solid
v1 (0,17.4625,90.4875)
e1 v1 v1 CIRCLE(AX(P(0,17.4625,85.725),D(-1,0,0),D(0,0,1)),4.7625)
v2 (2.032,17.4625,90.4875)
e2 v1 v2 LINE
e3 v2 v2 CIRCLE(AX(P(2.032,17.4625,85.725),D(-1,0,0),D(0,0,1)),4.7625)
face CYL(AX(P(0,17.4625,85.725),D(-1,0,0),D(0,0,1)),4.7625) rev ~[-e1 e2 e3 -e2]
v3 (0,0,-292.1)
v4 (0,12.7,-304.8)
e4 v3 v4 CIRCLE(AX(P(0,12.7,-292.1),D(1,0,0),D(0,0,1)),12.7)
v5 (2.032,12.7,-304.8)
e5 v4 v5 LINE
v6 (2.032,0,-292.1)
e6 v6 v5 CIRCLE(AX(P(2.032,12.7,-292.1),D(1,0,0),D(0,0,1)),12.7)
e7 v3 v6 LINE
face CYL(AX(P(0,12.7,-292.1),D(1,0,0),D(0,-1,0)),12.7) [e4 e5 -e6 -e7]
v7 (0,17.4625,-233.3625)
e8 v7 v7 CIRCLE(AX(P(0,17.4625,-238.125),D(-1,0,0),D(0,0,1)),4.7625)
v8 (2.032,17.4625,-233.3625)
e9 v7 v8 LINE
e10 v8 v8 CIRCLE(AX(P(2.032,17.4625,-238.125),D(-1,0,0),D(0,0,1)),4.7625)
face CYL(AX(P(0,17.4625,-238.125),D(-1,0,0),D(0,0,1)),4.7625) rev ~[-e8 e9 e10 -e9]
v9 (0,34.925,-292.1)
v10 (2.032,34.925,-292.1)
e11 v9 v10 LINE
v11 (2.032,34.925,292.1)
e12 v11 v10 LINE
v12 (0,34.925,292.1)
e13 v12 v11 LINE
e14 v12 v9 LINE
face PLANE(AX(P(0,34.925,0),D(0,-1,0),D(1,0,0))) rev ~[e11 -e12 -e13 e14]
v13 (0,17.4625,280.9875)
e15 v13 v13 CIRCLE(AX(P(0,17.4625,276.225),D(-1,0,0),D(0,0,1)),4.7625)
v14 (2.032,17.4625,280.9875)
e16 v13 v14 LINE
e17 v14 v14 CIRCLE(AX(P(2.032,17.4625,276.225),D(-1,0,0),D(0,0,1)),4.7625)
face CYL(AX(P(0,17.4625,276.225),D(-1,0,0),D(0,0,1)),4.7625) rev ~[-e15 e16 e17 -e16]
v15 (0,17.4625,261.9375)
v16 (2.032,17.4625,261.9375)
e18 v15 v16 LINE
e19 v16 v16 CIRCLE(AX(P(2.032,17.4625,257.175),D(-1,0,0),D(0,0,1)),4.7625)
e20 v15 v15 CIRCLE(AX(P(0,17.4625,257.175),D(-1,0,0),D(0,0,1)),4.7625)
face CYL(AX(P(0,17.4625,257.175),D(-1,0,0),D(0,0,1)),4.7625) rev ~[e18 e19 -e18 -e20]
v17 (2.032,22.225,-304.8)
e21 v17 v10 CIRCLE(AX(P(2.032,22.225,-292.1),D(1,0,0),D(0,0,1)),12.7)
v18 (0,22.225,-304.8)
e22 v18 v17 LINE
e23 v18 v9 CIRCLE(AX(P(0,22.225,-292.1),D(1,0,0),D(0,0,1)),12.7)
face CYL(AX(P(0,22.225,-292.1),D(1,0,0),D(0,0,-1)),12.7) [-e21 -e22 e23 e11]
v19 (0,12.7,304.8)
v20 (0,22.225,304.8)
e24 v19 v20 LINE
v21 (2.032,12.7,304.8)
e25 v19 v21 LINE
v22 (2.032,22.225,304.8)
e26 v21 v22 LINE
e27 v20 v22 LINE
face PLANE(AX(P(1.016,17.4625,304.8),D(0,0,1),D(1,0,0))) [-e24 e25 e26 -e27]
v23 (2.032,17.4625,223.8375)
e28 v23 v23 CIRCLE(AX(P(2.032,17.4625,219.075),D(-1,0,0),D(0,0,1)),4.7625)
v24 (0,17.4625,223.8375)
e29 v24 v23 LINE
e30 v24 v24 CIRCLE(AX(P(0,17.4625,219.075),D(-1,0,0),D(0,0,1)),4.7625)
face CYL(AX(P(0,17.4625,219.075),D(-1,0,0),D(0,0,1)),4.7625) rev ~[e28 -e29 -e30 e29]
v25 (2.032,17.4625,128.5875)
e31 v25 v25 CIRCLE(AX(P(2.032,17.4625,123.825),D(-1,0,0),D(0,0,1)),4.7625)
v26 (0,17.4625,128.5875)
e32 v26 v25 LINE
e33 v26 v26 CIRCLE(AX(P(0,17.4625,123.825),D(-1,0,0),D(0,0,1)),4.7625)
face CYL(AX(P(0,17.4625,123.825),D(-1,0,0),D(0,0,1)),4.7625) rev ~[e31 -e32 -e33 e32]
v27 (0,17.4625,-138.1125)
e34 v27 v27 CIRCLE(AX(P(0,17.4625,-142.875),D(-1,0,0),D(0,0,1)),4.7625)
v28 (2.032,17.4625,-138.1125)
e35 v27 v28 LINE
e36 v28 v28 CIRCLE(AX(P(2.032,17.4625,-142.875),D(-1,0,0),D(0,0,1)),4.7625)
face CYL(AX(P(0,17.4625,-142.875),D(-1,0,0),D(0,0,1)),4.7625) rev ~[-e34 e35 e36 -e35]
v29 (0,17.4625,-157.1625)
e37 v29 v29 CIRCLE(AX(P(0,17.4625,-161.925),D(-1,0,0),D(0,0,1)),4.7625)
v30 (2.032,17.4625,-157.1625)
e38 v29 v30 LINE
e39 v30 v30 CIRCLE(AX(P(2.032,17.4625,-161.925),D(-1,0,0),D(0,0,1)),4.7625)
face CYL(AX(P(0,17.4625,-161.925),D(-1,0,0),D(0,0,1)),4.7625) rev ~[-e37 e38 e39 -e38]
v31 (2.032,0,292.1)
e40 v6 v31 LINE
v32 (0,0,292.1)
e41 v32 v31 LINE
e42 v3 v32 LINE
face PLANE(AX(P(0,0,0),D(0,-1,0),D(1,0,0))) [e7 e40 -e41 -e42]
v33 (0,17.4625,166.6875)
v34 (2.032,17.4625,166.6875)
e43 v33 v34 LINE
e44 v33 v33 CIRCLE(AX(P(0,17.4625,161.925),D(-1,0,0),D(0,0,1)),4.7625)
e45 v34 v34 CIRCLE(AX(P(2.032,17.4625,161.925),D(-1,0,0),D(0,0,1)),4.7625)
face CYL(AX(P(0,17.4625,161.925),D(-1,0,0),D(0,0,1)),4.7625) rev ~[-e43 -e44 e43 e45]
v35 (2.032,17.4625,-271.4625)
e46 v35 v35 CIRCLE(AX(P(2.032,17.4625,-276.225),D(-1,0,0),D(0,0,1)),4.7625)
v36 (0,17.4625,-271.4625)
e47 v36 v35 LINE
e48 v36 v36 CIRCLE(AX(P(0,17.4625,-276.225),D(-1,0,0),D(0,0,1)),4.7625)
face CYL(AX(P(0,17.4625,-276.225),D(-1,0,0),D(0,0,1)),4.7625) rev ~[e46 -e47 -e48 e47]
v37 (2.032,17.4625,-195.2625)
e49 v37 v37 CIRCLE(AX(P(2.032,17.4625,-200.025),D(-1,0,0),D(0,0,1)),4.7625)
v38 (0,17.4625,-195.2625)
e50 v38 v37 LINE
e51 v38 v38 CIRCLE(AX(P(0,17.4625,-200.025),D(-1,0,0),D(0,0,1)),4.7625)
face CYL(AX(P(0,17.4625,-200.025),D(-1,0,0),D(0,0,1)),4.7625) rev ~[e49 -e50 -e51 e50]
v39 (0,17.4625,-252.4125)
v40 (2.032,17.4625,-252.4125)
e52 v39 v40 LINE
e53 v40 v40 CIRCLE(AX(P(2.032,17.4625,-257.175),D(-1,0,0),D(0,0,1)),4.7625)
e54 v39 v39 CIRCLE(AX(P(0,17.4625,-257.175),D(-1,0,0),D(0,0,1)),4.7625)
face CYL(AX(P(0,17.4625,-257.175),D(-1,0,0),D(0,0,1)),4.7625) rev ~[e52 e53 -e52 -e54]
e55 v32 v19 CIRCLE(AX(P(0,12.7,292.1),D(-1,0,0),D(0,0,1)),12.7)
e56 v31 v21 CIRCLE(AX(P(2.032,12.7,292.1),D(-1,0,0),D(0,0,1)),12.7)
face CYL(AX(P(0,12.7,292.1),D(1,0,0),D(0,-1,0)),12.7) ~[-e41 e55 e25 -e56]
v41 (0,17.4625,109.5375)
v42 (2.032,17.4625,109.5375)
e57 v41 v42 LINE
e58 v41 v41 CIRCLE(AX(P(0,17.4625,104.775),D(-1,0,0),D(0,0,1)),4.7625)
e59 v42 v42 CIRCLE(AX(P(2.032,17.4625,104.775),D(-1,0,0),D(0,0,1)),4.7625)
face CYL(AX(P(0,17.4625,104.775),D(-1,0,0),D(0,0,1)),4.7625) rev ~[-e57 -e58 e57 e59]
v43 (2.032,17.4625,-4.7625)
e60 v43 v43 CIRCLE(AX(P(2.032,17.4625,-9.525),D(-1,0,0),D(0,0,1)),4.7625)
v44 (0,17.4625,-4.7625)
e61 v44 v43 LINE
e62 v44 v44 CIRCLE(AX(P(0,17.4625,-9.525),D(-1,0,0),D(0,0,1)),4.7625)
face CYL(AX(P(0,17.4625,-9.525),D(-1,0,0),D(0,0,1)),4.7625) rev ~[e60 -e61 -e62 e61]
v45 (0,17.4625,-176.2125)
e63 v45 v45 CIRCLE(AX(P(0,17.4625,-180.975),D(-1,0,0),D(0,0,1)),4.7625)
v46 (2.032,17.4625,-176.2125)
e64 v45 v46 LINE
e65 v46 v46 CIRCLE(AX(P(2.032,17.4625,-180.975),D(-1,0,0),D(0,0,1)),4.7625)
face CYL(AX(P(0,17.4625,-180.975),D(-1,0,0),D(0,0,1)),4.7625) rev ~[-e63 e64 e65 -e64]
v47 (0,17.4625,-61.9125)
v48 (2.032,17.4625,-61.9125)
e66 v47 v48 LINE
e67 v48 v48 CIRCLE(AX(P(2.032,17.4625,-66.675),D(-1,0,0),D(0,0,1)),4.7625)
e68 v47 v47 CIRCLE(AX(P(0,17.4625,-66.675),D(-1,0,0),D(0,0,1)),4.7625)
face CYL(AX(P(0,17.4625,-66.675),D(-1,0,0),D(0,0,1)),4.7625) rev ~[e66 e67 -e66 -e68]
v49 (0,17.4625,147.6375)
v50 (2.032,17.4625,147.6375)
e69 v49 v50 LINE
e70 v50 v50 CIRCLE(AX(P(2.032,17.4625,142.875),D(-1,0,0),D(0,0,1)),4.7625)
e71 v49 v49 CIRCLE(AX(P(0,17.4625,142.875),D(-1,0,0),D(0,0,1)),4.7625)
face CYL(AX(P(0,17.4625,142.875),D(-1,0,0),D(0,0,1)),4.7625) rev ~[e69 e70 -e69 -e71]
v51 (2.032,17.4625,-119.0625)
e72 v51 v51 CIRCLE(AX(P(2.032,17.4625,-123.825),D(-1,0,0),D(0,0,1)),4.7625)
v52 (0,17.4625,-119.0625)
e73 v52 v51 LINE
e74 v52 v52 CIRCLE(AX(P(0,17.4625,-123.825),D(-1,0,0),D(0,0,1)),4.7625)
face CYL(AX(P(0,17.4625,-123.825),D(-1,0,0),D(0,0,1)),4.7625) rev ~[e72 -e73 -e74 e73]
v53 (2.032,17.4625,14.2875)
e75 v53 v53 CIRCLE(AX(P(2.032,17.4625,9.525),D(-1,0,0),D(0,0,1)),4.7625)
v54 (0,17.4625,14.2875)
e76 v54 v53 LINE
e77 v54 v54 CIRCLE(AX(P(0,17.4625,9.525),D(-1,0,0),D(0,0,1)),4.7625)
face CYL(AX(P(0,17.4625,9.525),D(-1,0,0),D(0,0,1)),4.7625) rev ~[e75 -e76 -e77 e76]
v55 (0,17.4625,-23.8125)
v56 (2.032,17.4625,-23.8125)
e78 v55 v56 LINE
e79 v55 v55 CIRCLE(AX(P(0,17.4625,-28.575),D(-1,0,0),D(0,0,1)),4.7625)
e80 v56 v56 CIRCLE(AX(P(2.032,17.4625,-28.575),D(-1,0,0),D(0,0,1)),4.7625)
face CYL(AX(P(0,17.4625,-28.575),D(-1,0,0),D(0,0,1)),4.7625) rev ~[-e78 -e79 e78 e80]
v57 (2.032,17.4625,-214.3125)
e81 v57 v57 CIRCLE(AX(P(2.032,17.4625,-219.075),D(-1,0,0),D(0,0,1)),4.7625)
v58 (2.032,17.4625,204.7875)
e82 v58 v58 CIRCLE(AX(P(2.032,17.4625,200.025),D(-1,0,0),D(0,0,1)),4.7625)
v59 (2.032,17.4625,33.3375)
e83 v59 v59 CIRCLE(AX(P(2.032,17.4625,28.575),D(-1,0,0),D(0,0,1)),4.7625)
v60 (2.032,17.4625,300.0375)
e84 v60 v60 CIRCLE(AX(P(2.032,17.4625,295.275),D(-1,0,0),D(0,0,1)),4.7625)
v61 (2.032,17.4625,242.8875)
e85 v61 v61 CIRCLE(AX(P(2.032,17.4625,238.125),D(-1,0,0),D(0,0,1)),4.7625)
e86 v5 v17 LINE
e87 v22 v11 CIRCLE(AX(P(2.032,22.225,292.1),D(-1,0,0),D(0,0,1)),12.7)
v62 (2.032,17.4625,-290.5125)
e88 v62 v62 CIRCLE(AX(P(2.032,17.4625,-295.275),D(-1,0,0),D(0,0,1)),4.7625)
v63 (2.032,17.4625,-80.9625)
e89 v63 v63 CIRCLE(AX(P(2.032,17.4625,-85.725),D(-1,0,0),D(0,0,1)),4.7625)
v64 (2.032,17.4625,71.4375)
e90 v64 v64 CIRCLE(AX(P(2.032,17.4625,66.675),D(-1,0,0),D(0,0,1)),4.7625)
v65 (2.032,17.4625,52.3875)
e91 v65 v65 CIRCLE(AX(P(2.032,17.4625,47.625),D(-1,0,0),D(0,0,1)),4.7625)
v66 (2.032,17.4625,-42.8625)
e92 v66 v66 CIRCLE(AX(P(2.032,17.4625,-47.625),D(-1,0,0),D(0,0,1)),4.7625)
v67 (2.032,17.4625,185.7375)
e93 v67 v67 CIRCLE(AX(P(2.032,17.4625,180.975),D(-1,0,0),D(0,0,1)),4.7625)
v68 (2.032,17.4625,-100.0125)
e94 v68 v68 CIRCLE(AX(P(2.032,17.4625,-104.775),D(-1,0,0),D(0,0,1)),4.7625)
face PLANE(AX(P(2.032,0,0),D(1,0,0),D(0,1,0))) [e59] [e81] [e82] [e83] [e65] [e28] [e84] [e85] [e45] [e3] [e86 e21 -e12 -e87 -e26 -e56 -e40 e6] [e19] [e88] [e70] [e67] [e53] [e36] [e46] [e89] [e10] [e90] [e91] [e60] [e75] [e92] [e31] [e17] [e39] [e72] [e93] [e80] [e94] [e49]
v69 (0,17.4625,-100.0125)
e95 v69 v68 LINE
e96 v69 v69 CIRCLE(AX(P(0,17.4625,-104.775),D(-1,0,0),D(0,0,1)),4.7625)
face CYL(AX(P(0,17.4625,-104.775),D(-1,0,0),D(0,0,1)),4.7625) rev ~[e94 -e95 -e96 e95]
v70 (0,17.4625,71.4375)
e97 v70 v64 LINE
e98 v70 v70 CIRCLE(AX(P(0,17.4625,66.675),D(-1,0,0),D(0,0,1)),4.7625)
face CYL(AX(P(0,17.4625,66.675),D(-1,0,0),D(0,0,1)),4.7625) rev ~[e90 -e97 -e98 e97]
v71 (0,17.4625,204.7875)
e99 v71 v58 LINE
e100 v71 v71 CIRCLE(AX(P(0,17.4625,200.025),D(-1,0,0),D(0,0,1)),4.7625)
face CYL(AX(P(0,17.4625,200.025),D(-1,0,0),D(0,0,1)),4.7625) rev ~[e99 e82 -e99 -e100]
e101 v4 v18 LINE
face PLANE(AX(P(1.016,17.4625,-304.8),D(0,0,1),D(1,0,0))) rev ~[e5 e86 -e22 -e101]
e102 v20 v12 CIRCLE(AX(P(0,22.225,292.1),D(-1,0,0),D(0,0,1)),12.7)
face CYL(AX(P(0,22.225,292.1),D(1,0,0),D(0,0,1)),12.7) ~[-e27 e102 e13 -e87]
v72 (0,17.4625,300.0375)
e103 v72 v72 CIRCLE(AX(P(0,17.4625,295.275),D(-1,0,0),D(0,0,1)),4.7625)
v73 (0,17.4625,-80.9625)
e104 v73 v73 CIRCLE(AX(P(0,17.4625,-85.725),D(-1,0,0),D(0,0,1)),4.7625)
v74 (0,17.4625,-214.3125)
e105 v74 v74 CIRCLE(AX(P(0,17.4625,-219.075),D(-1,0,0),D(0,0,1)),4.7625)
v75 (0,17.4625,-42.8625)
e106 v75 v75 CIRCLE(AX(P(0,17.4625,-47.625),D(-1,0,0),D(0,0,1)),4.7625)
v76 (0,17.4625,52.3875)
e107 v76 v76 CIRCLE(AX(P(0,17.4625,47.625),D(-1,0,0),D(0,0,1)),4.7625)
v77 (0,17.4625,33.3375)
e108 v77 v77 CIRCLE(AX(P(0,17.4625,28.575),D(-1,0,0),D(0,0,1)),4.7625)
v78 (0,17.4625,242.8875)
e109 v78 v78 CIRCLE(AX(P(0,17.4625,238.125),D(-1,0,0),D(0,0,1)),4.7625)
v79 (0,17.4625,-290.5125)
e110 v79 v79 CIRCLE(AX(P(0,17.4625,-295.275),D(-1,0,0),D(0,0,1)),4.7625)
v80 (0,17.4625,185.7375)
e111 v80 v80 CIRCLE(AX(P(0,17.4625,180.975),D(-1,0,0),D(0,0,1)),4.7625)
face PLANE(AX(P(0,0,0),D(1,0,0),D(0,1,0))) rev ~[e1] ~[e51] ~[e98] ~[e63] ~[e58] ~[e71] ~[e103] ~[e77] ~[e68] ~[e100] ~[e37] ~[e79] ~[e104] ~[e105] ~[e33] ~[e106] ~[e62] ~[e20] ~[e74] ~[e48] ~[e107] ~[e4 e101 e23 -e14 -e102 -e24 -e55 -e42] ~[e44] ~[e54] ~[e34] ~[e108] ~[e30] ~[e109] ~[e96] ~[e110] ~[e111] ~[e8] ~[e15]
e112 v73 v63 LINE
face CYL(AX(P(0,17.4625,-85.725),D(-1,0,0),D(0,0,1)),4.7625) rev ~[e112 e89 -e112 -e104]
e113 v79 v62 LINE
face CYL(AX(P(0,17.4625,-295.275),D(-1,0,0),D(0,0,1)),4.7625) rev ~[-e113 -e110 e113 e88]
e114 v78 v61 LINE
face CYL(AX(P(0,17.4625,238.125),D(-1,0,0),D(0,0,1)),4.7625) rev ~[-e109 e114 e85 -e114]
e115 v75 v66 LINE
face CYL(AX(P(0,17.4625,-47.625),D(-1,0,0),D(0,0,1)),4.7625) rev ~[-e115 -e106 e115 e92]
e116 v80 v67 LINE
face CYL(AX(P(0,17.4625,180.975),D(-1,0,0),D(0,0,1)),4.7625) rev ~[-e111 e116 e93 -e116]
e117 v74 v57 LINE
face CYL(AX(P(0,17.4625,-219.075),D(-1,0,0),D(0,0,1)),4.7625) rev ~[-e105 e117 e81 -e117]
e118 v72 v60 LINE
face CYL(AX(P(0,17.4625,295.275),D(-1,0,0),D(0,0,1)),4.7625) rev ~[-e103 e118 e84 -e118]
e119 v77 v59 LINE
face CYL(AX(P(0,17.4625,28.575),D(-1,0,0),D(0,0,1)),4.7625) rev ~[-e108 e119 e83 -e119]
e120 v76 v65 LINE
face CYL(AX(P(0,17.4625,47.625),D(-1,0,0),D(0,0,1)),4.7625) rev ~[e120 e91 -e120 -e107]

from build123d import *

# Parameters (mm, degrees)
SKETCH1_W           = 2.032
SKETCH1_H           = 34.925
BOSS_EXTRUDE1_DEPTH = 304.8
CUT_EXTRUDE1_REACH  = 308.801
SKETCH2_R           = 4.7625
LPATTERN1_COUNT     = 32
LPATTERN1_PITCH     = 19.05
FILLET1_R           = 12.7


with BuildPart() as part:
    # Sketch1 → Boss-Extrude1 (new, symmetric)
    with BuildSketch(Plane.XY):
        with Locations((1.016, 17.4625)):
            Rectangle(SKETCH1_W, SKETCH1_H)
    extrude(amount=BOSS_EXTRUDE1_DEPTH, both=True)

    # Sketch2 → Cut-Extrude1 (cut, up to next)
    with BuildSketch(Plane.ZY, mode=Mode.PRIVATE) as cut_extrude1_sk1:
        with Locations((295.275, 17.4625)):
            Circle(SKETCH2_R)
    cut_extrude1_tool1 = extrude(cut_extrude1_sk1.sketch, amount=-CUT_EXTRUDE1_REACH, mode=Mode.PRIVATE) & part.part
    cut_extrude1 = cut_extrude1_tool1.solids().sort_by_distance((0, 17.4625, 295.275))[0]
    add(cut_extrude1, mode=Mode.SUBTRACT)

    # LPattern1: Cut-Extrude1 ×32
    with Locations(*[(0, 0, -i * LPATTERN1_PITCH) for i in range(1, LPATTERN1_COUNT)]):
        add(cut_extrude1, mode=Mode.SUBTRACT)

    # Fillet1
    fillet1_edges = [part.edges().sort_by_distance(p)[0] for p in [
        (1.016, 34.925, 304.8),
        (1.016, 34.925, -304.8),
        (1.016, 0, -304.8),
        (1.016, 0, 304.8),
    ]]
    fillet(fillet1_edges, radius=FILLET1_R)


solid = part.part
